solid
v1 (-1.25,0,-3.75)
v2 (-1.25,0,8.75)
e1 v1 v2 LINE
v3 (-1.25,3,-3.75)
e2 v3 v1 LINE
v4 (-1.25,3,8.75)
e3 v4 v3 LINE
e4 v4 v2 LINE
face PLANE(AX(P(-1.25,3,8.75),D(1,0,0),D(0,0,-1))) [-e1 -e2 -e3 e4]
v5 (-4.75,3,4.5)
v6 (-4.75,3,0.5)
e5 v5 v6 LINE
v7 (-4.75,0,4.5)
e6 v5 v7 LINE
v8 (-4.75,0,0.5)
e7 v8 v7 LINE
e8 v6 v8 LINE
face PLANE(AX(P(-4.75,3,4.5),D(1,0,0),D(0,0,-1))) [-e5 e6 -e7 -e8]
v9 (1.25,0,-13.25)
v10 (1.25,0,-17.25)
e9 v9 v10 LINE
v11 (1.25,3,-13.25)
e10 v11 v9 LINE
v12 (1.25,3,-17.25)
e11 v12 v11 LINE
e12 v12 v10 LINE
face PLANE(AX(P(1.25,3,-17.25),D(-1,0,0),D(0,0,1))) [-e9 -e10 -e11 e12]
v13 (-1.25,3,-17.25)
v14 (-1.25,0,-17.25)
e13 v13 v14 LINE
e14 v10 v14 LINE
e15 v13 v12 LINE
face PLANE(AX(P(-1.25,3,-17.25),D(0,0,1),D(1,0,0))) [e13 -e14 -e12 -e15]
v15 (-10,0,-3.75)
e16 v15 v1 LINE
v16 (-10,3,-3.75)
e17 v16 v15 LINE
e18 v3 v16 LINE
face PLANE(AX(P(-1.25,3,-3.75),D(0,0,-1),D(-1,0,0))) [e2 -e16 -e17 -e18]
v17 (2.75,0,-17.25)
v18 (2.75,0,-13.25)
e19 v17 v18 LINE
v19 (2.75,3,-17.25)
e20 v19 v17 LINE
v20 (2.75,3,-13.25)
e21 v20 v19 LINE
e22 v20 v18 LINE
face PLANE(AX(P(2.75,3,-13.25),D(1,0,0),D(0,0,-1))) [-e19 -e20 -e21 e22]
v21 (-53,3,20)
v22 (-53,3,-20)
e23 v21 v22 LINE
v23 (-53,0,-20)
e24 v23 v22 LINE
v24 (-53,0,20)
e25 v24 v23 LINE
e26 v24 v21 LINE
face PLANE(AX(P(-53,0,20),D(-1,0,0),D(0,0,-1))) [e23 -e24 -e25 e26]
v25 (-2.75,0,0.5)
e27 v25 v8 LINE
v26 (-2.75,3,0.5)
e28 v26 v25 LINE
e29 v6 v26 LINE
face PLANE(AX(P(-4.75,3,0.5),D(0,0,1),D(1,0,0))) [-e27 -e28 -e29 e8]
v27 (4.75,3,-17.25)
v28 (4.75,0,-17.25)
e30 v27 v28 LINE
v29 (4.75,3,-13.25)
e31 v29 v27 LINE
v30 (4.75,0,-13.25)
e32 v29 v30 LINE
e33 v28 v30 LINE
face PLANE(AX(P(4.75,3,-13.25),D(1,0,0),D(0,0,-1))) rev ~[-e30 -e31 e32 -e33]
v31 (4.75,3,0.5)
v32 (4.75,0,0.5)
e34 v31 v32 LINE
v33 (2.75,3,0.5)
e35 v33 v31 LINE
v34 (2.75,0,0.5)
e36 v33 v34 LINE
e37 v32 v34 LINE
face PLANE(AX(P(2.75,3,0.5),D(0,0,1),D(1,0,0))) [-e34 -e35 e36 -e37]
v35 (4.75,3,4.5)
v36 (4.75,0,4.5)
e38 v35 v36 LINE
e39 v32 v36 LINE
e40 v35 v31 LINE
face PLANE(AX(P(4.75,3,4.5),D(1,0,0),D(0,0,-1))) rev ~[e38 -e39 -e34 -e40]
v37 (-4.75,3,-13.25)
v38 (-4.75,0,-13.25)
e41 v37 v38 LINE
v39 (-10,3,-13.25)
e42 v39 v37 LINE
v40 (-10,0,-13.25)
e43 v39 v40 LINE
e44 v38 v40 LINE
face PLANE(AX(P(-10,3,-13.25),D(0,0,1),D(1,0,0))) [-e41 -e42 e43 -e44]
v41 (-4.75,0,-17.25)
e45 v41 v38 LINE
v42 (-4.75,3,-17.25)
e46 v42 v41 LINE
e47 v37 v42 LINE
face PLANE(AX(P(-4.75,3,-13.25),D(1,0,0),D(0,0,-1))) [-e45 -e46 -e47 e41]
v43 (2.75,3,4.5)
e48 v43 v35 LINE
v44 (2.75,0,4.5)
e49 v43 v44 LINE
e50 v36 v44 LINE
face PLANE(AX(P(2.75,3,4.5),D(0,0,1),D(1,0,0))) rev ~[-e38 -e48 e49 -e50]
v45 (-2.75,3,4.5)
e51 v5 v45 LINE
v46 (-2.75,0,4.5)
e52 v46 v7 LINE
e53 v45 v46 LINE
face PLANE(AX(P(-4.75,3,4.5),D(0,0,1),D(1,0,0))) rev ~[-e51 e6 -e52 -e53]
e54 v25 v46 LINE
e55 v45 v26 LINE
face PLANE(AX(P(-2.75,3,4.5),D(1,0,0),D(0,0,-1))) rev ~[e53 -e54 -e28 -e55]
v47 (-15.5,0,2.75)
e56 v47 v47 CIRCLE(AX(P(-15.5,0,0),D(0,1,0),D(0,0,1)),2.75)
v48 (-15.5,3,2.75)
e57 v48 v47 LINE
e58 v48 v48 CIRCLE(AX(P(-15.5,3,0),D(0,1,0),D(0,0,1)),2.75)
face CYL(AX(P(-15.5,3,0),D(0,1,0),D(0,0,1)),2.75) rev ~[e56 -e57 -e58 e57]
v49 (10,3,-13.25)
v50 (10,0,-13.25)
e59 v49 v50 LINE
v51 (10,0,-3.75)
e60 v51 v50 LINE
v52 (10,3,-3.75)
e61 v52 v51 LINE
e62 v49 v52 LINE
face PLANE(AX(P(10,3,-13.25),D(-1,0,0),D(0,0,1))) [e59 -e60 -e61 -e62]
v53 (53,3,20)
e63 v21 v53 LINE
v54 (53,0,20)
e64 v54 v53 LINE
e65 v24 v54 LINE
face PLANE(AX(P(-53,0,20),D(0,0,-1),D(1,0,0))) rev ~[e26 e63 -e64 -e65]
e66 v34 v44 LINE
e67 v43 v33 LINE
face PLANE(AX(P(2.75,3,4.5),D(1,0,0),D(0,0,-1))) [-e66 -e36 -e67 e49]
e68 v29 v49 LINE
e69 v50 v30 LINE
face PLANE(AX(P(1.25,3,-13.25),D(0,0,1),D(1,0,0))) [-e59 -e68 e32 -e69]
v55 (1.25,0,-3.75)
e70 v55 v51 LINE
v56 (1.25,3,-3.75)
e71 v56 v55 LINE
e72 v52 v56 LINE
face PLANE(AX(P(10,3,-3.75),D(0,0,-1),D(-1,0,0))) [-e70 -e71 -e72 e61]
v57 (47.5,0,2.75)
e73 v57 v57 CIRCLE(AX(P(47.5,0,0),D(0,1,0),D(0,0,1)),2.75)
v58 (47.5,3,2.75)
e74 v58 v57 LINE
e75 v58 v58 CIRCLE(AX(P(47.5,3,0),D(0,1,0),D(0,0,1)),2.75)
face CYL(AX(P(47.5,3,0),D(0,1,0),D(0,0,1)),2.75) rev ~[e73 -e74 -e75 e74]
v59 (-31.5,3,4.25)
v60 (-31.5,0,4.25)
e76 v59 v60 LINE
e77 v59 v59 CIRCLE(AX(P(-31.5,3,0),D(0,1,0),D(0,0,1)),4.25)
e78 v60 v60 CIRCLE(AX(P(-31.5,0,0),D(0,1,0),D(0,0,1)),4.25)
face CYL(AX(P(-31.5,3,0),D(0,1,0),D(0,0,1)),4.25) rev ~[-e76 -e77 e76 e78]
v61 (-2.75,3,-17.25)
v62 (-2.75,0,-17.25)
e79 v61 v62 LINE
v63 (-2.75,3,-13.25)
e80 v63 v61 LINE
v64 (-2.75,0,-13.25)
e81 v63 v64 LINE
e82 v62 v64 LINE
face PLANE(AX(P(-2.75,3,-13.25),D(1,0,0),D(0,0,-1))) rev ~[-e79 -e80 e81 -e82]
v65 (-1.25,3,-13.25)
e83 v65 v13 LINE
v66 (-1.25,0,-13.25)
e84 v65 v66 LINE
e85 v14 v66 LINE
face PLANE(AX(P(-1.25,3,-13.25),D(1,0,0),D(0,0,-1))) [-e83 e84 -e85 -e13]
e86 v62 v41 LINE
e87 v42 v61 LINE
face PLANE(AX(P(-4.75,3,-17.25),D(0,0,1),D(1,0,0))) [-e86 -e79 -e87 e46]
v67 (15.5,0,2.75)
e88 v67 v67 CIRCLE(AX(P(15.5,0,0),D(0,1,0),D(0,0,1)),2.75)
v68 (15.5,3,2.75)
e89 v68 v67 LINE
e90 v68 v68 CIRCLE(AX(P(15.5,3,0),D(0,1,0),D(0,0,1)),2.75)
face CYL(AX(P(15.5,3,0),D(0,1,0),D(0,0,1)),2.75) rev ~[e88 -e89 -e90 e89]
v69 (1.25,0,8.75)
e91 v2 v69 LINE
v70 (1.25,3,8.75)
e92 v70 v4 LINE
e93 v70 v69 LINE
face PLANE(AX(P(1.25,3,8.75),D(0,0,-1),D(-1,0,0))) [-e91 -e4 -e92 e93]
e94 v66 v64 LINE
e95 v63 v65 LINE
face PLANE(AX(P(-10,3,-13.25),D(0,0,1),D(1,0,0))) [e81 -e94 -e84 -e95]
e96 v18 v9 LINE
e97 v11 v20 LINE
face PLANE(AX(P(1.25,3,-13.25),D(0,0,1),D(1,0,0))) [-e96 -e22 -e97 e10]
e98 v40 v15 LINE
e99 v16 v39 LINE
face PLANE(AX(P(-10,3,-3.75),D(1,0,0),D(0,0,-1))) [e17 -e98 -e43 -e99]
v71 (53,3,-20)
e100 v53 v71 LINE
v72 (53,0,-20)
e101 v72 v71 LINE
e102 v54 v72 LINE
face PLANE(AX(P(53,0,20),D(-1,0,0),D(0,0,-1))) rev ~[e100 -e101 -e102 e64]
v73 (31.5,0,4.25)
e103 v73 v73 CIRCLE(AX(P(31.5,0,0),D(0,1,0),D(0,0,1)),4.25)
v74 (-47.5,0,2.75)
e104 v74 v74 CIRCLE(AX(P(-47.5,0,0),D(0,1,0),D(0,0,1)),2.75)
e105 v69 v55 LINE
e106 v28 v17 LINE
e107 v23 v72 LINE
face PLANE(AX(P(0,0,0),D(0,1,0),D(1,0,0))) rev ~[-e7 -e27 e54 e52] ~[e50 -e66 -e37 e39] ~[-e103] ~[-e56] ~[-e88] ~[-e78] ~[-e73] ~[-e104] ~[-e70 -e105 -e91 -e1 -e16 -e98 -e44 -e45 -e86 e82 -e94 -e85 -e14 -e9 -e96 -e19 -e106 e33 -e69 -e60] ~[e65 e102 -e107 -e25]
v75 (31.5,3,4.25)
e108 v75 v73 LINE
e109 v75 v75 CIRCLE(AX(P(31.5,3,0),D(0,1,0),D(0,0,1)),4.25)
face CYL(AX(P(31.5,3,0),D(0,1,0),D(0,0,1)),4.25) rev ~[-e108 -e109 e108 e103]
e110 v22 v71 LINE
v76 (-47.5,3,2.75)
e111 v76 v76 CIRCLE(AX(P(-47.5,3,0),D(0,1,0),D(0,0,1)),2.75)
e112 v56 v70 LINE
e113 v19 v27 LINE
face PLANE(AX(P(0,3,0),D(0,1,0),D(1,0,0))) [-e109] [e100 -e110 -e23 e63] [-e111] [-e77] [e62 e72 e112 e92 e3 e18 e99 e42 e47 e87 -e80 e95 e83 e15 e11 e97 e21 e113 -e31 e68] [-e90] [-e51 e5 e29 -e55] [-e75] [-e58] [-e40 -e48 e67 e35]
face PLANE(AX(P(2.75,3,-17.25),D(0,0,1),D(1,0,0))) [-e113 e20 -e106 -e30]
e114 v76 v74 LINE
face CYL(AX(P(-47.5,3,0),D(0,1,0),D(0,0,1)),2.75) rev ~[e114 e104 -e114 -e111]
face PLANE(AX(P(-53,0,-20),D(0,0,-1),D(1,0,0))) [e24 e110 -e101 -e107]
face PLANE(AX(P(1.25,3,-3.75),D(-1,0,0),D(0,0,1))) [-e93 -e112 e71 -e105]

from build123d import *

# Parameters (mm, degrees)
SKETCH_1_W          = 106
SKETCH_1_H          = 40
EXTRUDE_1_DEPTH     = 3
CUT_EXTRUDE_1_REACH = 58.727
SKETCH_2_R          = 4.25
SKETCH_2_R_2        = 2.75
CUT_EXTRUDE_2_REACH = 58.727
CUT_EXTRUDE_3_REACH = 58.727
SKETCH_4_W          = 2
SKETCH_4_H          = 4


with BuildPart() as part:
    # 草图1 → 凸台-拉伸1 (new body)
    with BuildSketch(Plane(origin=(0, 0, 0), x_dir=(1, 0, 0), z_dir=(0, 1, 0))):
        Rectangle(SKETCH_1_W, SKETCH_1_H)
    extrude(amount=EXTRUDE_1_DEPTH)

    # 草图2 → 切除-拉伸1 (cut, up to next)
    with BuildSketch(Plane(origin=(0, 3, 0), x_dir=(1, 0, 0), z_dir=(0, 1, 0)), mode=Mode.PRIVATE) as cut_extrude_1_sk1:
        with Locations(Location((-31.5, 0, 0), (0, 0, 270))):
            Circle(SKETCH_2_R)
    cut_extrude_1_tool1 = extrude(cut_extrude_1_sk1.sketch, amount=-CUT_EXTRUDE_1_REACH, mode=Mode.PRIVATE) & part.part
    # 草图2 → 切除-拉伸1 (cut, up to next)
    with BuildSketch(Plane(origin=(0, 3, 0), x_dir=(1, 0, 0), z_dir=(0, 1, 0)), mode=Mode.PRIVATE) as cut_extrude_1_sk2:
        with Locations(Location((31.5, 0, 0), (0, 0, 270))):
            Circle(SKETCH_2_R)
    cut_extrude_1_tool2 = extrude(cut_extrude_1_sk2.sketch, amount=-CUT_EXTRUDE_1_REACH, mode=Mode.PRIVATE) & part.part
    # 草图2 → 切除-拉伸1 (cut, up to next)
    with BuildSketch(Plane(origin=(0, 3, 0), x_dir=(1, 0, 0), z_dir=(0, 1, 0)), mode=Mode.PRIVATE) as cut_extrude_1_sk3:
        with Locations(Location((-47.5, 0, 0), (0, 0, 270))):
            Circle(SKETCH_2_R_2)
    cut_extrude_1_tool3 = extrude(cut_extrude_1_sk3.sketch, amount=-CUT_EXTRUDE_1_REACH, mode=Mode.PRIVATE) & part.part
    # 草图2 → 切除-拉伸1 (cut, up to next)
    with BuildSketch(Plane(origin=(0, 3, 0), x_dir=(1, 0, 0), z_dir=(0, 1, 0)), mode=Mode.PRIVATE) as cut_extrude_1_sk4:
        with Locations(Location((-15.5, 0, 0), (0, 0, 270))):
            Circle(SKETCH_2_R_2)
    cut_extrude_1_tool4 = extrude(cut_extrude_1_sk4.sketch, amount=-CUT_EXTRUDE_1_REACH, mode=Mode.PRIVATE) & part.part
    # 草图2 → 切除-拉伸1 (cut, up to next)
    with BuildSketch(Plane(origin=(0, 3, 0), x_dir=(1, 0, 0), z_dir=(0, 1, 0)), mode=Mode.PRIVATE) as cut_extrude_1_sk5:
        with Locations(Location((15.5, 0, 0), (0, 0, 270))):
            Circle(SKETCH_2_R_2)
    cut_extrude_1_tool5 = extrude(cut_extrude_1_sk5.sketch, amount=-CUT_EXTRUDE_1_REACH, mode=Mode.PRIVATE) & part.part
    # 草图2 → 切除-拉伸1 (cut, up to next)
    with BuildSketch(Plane(origin=(0, 3, 0), x_dir=(1, 0, 0), z_dir=(0, 1, 0)), mode=Mode.PRIVATE) as cut_extrude_1_sk6:
        with Locations(Location((47.5, 0, 0), (0, 0, 270))):
            Circle(SKETCH_2_R_2)
    cut_extrude_1_tool6 = extrude(cut_extrude_1_sk6.sketch, amount=-CUT_EXTRUDE_1_REACH, mode=Mode.PRIVATE) & part.part
    add(cut_extrude_1_tool1.solids().sort_by_distance((-31.5, 3, 0))[0], mode=Mode.SUBTRACT)
    add(cut_extrude_1_tool2.solids().sort_by_distance((31.5, 3, 0))[0], mode=Mode.SUBTRACT)
    add(cut_extrude_1_tool3.solids().sort_by_distance((-47.5, 3, 0))[0], mode=Mode.SUBTRACT)
    add(cut_extrude_1_tool4.solids().sort_by_distance((-15.5, 3, 0))[0], mode=Mode.SUBTRACT)
    add(cut_extrude_1_tool5.solids().sort_by_distance((15.5, 3, 0))[0], mode=Mode.SUBTRACT)
    add(cut_extrude_1_tool6.solids().sort_by_distance((47.5, 3, 0))[0], mode=Mode.SUBTRACT)

    # 草图3 → 切除-拉伸2 (cut, up to next)
    with BuildSketch(Plane(origin=(0, 3, 0), x_dir=(1, 0, 0), z_dir=(0, 1, 0)), mode=Mode.PRIVATE) as cut_extrude_2_sk1:
        Polygon((1.25, 13.25), (10, 13.25), (10, 3.75), (1.25, 3.75), (1.25, -8.75), (-1.25, -8.75), (-1.25, 3.75), (-10, 3.75), (-10, 13.25), (-1.25, 13.25), (-1.25, 17.25), (1.25, 17.25), align=None)
    cut_extrude_2_tool1 = extrude(cut_extrude_2_sk1.sketch, amount=-CUT_EXTRUDE_2_REACH, mode=Mode.PRIVATE) & part.part
    add(cut_extrude_2_tool1.solids().sort_by_distance((0, 3, -7.305405))[0], mode=Mode.SUBTRACT)

    # 草图4 → 切除-拉伸3 (cut, up to next)
    with BuildSketch(Plane(origin=(0, 3, 0), x_dir=(1, 0, 0), z_dir=(0, 1, 0)), mode=Mode.PRIVATE) as cut_extrude_3_sk1:
        with Locations((-3.75, 15.25)):
            Rectangle(SKETCH_4_W, SKETCH_4_H)
    cut_extrude_3_tool1 = extrude(cut_extrude_3_sk1.sketch, amount=-CUT_EXTRUDE_3_REACH, mode=Mode.PRIVATE) & part.part
    # 草图4 → 切除-拉伸3 (cut, up to next)
    with BuildSketch(Plane(origin=(0, 3, 0), x_dir=(1, 0, 0), z_dir=(0, 1, 0)), mode=Mode.PRIVATE) as cut_extrude_3_sk2:
        with Locations((3.75, 15.25)):
            Rectangle(SKETCH_4_W, SKETCH_4_H)
    cut_extrude_3_tool2 = extrude(cut_extrude_3_sk2.sketch, amount=-CUT_EXTRUDE_3_REACH, mode=Mode.PRIVATE) & part.part
    # 草图4 → 切除-拉伸3 (cut, up to next)
    with BuildSketch(Plane(origin=(0, 3, 0), x_dir=(1, 0, 0), z_dir=(0, 1, 0)), mode=Mode.PRIVATE) as cut_extrude_3_sk3:
        with Locations((3.75, -2.5)):
            Rectangle(SKETCH_4_W, SKETCH_4_H)
    cut_extrude_3_tool3 = extrude(cut_extrude_3_sk3.sketch, amount=-CUT_EXTRUDE_3_REACH, mode=Mode.PRIVATE) & part.part
    # 草图4 → 切除-拉伸3 (cut, up to next)
    with BuildSketch(Plane(origin=(0, 3, 0), x_dir=(1, 0, 0), z_dir=(0, 1, 0)), mode=Mode.PRIVATE) as cut_extrude_3_sk4:
        with Locations((-3.75, -2.5)):
            Rectangle(SKETCH_4_W, SKETCH_4_H)
    cut_extrude_3_tool4 = extrude(cut_extrude_3_sk4.sketch, amount=-CUT_EXTRUDE_3_REACH, mode=Mode.PRIVATE) & part.part
    add(cut_extrude_3_tool1.solids().sort_by_distance((-3.75, 3, -15.25))[0], mode=Mode.SUBTRACT)
    add(cut_extrude_3_tool2.solids().sort_by_distance((3.75, 3, -15.25))[0], mode=Mode.SUBTRACT)
    add(cut_extrude_3_tool3.solids().sort_by_distance((3.75, 3, 2.5))[0], mode=Mode.SUBTRACT)
    add(cut_extrude_3_tool4.solids().sort_by_distance((-3.75, 3, 2.5))[0], mode=Mode.SUBTRACT)


solid = part.part
